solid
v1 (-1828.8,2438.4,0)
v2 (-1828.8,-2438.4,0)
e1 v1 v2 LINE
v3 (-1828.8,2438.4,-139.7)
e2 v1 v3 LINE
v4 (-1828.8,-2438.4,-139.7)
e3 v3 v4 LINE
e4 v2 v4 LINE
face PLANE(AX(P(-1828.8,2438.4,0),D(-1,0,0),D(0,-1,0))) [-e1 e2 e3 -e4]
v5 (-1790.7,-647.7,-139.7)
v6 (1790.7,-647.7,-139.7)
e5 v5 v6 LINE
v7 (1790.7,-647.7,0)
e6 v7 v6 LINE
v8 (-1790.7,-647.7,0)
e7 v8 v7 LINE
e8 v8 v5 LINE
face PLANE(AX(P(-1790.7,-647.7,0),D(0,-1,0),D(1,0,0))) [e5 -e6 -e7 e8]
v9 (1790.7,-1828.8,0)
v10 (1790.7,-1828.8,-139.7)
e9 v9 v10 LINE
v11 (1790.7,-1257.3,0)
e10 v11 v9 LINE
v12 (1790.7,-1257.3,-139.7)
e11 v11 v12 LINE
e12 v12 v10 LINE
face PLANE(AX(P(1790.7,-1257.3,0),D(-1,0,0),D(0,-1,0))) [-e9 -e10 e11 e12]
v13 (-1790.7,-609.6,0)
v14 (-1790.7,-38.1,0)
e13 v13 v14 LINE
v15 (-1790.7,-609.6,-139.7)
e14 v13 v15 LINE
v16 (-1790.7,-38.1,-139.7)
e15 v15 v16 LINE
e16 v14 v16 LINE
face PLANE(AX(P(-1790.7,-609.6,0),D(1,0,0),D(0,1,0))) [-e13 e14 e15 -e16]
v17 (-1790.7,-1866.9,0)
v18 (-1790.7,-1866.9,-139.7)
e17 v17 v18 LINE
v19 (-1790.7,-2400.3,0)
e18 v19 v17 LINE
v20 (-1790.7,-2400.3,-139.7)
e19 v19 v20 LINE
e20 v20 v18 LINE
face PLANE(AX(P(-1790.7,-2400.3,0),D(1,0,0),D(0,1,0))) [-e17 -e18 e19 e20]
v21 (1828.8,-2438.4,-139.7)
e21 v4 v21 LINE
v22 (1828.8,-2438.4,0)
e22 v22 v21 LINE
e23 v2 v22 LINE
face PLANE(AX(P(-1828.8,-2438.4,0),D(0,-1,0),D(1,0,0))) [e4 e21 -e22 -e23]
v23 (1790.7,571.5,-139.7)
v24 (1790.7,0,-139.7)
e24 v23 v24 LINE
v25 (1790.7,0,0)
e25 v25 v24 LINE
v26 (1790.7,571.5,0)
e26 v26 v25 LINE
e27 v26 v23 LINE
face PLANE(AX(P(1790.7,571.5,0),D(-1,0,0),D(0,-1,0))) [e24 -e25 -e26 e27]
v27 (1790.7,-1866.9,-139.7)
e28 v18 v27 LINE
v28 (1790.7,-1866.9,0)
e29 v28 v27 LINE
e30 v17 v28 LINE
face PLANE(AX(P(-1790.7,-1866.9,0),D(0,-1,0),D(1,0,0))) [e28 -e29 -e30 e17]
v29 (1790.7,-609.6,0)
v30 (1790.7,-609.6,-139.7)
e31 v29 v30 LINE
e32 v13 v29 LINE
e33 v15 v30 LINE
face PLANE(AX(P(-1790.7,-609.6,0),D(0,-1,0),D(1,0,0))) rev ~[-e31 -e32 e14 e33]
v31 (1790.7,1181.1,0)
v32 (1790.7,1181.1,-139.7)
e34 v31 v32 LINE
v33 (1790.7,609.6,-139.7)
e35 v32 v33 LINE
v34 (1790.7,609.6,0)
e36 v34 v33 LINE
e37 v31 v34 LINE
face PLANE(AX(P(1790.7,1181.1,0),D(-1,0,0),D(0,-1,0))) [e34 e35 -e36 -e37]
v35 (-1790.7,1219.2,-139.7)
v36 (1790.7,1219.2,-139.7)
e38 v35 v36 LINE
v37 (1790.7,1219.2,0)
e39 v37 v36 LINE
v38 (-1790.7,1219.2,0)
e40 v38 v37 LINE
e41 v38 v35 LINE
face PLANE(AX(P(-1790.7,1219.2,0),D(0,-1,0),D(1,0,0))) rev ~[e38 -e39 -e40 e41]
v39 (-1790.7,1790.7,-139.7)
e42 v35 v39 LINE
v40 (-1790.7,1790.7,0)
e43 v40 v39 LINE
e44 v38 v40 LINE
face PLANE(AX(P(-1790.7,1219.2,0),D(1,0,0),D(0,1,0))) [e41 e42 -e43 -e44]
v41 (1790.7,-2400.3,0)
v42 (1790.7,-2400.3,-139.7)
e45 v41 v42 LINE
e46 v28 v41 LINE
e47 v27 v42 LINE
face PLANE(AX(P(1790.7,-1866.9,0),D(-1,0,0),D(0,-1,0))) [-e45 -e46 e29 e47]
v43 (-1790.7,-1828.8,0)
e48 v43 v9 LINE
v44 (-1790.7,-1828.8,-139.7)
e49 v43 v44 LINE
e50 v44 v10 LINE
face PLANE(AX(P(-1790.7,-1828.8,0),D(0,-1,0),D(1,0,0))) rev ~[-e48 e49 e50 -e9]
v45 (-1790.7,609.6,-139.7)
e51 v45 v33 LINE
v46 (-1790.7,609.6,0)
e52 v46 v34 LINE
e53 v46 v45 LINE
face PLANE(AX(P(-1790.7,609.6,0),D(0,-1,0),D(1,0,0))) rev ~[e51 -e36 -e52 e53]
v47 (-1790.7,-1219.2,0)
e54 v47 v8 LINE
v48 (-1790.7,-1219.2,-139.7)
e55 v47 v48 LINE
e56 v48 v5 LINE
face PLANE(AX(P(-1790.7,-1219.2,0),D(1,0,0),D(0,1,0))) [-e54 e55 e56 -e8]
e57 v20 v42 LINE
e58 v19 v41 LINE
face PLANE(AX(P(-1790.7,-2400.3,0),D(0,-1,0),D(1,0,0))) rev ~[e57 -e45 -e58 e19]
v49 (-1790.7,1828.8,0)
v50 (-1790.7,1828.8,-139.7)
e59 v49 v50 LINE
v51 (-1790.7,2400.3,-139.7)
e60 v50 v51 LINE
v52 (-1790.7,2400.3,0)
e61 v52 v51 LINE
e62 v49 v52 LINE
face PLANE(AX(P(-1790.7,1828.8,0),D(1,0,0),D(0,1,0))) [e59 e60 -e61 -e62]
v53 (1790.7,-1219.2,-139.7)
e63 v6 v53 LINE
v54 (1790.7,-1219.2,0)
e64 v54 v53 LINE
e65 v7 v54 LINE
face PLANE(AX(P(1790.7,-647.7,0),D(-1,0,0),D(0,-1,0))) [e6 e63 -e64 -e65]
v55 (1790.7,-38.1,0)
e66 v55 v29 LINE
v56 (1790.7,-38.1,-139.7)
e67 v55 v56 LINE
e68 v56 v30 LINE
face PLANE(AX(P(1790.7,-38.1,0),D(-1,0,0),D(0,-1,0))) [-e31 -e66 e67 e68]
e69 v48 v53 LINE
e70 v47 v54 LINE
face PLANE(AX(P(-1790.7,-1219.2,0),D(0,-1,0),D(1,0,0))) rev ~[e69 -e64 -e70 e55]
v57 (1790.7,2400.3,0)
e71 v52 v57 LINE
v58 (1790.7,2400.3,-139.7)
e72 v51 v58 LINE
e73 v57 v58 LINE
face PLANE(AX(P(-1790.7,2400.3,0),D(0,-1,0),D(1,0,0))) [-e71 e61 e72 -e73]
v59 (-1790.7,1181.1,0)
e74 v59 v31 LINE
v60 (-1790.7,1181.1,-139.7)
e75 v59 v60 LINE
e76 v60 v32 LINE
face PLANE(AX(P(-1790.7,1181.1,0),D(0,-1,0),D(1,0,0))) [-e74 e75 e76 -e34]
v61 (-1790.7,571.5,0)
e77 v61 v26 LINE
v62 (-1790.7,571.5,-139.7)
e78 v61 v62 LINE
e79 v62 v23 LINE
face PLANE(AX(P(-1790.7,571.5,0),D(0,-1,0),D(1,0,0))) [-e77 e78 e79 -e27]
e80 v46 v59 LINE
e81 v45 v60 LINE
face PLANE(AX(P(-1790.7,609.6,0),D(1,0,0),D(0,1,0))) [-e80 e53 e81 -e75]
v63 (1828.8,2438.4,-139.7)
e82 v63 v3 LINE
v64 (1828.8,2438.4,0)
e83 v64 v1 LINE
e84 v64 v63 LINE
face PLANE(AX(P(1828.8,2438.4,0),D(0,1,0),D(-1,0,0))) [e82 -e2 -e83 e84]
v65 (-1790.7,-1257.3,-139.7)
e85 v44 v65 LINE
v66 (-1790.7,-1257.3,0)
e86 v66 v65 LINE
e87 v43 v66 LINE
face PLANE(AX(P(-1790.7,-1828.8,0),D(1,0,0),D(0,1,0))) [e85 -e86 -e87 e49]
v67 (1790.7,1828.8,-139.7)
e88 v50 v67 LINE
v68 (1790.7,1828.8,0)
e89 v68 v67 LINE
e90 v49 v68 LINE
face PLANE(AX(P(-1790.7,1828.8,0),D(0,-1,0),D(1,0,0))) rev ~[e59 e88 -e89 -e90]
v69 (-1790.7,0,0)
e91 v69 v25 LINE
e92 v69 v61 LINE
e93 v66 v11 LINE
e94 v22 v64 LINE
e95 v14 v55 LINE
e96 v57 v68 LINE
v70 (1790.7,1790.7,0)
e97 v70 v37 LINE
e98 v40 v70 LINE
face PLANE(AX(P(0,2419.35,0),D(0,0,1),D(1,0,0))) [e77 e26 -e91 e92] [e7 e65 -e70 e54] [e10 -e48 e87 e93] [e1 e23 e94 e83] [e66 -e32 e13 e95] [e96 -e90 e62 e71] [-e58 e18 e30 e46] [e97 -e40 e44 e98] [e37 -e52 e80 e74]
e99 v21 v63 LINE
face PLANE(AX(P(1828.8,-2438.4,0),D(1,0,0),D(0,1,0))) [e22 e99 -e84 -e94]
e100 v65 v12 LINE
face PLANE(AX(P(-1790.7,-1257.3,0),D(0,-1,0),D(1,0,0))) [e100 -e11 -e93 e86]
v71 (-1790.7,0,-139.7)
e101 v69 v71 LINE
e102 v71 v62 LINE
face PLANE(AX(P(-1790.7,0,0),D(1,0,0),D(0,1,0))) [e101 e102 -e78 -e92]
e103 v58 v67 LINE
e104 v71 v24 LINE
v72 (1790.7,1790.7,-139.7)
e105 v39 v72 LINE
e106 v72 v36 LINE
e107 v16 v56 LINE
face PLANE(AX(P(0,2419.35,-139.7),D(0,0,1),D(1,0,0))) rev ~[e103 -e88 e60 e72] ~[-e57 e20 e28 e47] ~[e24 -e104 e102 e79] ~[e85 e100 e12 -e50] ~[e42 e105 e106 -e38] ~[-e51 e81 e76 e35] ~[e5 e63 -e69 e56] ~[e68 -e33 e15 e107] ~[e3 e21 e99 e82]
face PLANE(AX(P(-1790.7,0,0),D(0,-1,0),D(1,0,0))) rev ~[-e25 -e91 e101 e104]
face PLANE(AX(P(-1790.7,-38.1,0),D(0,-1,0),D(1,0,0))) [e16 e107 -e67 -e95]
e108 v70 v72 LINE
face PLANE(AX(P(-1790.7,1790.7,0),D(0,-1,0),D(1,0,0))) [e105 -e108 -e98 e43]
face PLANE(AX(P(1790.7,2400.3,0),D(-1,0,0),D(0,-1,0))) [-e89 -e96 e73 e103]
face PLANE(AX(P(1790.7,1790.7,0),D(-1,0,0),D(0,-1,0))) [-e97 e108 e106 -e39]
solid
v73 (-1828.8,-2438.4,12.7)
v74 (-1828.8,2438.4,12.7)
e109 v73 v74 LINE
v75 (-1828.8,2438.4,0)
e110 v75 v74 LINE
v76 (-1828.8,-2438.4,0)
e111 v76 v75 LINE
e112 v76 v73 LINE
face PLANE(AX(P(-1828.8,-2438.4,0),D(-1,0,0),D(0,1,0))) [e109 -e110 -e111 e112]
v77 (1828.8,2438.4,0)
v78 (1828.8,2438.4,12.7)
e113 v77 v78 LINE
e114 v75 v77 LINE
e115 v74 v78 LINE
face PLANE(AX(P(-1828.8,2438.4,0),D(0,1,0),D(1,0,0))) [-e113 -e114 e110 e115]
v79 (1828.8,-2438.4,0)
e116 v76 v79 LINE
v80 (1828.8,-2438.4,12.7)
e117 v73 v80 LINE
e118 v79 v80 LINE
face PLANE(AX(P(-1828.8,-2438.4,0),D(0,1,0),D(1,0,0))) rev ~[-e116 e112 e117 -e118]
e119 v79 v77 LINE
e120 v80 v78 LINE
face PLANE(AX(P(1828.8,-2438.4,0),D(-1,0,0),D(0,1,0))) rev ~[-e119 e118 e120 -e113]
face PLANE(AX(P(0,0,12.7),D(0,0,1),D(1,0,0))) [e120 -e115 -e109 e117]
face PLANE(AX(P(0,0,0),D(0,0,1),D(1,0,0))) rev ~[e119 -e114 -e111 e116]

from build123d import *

# Parameters (mm, degrees)
F0_W     = 3581.4
F0_H     = 38.1
F1_DEPTH = 139.7
F2_W     = 3657.6
F2_H     = 4876.8
F3_DEPTH = 12.7


with BuildPart() as f1:
    # F0 (on Top) → F1 (new body)
    with BuildSketch(Plane.XY):
        with Locations((0, 2419.35)):
            Rectangle(F0_W, F0_H)
        Polygon((-1790.7, 2400.3), (-1790.7, 2438.4), (-1828.8, 2438.4), (-1828.8, -2438.4), (-1790.7, -2438.4), (-1790.7, -2400.3), (-1790.7, -1866.9), (-1790.7, -1828.8), (-1790.7, -1257.3), (-1790.7, -1219.2), (-1790.7, -647.7), (-1790.7, -609.6), (-1790.7, -38.1), (-1790.7, 0), (-1790.7, 571.5), (-1790.7, 609.6), (-1790.7, 1181.1), (-1790.7, 1219.2), (-1790.7, 1790.7), (-1790.7, 1828.8), align=None)
        Polygon((1828.8, 2438.4), (1790.7, 2438.4), (1790.7, 2400.3), (1790.7, 1828.8), (1790.7, 1790.7), (1790.7, 1219.2), (1790.7, 1181.1), (1790.7, 609.6), (1790.7, 571.5), (1790.7, 0), (1790.7, -38.1), (1790.7, -609.6), (1790.7, -647.7), (1790.7, -1219.2), (1790.7, -1257.3), (1790.7, -1828.8), (1790.7, -1866.9), (1790.7, -2400.3), (1790.7, -2438.4), (1828.8, -2438.4), align=None)
        with Locations((0, -2419.35)):
            Rectangle(F0_W, F0_H)
        with Locations((0, -1847.85)):
            Rectangle(F0_W, F0_H)
        with Locations((0, -1238.25)):
            Rectangle(F0_W, F0_H)
        with Locations((0, -628.65)):
            Rectangle(F0_W, F0_H)
        with Locations((0, -19.05)):
            Rectangle(F0_W, F0_H)
        with Locations((0, 590.55)):
            Rectangle(F0_W, F0_H)
        with Locations((0, 1200.15)):
            Rectangle(F0_W, F0_H)
        with Locations((0, 1809.75)):
            Rectangle(F0_W, F0_H)
    extrude(amount=-F1_DEPTH)


with BuildPart() as f3:
    # F2 (on Top) → F3 (new body)
    with BuildSketch(Plane.XY):
        Rectangle(F2_W, F2_H)
    extrude(amount=F3_DEPTH)


solid = Compound([f1.part, f3.part])
